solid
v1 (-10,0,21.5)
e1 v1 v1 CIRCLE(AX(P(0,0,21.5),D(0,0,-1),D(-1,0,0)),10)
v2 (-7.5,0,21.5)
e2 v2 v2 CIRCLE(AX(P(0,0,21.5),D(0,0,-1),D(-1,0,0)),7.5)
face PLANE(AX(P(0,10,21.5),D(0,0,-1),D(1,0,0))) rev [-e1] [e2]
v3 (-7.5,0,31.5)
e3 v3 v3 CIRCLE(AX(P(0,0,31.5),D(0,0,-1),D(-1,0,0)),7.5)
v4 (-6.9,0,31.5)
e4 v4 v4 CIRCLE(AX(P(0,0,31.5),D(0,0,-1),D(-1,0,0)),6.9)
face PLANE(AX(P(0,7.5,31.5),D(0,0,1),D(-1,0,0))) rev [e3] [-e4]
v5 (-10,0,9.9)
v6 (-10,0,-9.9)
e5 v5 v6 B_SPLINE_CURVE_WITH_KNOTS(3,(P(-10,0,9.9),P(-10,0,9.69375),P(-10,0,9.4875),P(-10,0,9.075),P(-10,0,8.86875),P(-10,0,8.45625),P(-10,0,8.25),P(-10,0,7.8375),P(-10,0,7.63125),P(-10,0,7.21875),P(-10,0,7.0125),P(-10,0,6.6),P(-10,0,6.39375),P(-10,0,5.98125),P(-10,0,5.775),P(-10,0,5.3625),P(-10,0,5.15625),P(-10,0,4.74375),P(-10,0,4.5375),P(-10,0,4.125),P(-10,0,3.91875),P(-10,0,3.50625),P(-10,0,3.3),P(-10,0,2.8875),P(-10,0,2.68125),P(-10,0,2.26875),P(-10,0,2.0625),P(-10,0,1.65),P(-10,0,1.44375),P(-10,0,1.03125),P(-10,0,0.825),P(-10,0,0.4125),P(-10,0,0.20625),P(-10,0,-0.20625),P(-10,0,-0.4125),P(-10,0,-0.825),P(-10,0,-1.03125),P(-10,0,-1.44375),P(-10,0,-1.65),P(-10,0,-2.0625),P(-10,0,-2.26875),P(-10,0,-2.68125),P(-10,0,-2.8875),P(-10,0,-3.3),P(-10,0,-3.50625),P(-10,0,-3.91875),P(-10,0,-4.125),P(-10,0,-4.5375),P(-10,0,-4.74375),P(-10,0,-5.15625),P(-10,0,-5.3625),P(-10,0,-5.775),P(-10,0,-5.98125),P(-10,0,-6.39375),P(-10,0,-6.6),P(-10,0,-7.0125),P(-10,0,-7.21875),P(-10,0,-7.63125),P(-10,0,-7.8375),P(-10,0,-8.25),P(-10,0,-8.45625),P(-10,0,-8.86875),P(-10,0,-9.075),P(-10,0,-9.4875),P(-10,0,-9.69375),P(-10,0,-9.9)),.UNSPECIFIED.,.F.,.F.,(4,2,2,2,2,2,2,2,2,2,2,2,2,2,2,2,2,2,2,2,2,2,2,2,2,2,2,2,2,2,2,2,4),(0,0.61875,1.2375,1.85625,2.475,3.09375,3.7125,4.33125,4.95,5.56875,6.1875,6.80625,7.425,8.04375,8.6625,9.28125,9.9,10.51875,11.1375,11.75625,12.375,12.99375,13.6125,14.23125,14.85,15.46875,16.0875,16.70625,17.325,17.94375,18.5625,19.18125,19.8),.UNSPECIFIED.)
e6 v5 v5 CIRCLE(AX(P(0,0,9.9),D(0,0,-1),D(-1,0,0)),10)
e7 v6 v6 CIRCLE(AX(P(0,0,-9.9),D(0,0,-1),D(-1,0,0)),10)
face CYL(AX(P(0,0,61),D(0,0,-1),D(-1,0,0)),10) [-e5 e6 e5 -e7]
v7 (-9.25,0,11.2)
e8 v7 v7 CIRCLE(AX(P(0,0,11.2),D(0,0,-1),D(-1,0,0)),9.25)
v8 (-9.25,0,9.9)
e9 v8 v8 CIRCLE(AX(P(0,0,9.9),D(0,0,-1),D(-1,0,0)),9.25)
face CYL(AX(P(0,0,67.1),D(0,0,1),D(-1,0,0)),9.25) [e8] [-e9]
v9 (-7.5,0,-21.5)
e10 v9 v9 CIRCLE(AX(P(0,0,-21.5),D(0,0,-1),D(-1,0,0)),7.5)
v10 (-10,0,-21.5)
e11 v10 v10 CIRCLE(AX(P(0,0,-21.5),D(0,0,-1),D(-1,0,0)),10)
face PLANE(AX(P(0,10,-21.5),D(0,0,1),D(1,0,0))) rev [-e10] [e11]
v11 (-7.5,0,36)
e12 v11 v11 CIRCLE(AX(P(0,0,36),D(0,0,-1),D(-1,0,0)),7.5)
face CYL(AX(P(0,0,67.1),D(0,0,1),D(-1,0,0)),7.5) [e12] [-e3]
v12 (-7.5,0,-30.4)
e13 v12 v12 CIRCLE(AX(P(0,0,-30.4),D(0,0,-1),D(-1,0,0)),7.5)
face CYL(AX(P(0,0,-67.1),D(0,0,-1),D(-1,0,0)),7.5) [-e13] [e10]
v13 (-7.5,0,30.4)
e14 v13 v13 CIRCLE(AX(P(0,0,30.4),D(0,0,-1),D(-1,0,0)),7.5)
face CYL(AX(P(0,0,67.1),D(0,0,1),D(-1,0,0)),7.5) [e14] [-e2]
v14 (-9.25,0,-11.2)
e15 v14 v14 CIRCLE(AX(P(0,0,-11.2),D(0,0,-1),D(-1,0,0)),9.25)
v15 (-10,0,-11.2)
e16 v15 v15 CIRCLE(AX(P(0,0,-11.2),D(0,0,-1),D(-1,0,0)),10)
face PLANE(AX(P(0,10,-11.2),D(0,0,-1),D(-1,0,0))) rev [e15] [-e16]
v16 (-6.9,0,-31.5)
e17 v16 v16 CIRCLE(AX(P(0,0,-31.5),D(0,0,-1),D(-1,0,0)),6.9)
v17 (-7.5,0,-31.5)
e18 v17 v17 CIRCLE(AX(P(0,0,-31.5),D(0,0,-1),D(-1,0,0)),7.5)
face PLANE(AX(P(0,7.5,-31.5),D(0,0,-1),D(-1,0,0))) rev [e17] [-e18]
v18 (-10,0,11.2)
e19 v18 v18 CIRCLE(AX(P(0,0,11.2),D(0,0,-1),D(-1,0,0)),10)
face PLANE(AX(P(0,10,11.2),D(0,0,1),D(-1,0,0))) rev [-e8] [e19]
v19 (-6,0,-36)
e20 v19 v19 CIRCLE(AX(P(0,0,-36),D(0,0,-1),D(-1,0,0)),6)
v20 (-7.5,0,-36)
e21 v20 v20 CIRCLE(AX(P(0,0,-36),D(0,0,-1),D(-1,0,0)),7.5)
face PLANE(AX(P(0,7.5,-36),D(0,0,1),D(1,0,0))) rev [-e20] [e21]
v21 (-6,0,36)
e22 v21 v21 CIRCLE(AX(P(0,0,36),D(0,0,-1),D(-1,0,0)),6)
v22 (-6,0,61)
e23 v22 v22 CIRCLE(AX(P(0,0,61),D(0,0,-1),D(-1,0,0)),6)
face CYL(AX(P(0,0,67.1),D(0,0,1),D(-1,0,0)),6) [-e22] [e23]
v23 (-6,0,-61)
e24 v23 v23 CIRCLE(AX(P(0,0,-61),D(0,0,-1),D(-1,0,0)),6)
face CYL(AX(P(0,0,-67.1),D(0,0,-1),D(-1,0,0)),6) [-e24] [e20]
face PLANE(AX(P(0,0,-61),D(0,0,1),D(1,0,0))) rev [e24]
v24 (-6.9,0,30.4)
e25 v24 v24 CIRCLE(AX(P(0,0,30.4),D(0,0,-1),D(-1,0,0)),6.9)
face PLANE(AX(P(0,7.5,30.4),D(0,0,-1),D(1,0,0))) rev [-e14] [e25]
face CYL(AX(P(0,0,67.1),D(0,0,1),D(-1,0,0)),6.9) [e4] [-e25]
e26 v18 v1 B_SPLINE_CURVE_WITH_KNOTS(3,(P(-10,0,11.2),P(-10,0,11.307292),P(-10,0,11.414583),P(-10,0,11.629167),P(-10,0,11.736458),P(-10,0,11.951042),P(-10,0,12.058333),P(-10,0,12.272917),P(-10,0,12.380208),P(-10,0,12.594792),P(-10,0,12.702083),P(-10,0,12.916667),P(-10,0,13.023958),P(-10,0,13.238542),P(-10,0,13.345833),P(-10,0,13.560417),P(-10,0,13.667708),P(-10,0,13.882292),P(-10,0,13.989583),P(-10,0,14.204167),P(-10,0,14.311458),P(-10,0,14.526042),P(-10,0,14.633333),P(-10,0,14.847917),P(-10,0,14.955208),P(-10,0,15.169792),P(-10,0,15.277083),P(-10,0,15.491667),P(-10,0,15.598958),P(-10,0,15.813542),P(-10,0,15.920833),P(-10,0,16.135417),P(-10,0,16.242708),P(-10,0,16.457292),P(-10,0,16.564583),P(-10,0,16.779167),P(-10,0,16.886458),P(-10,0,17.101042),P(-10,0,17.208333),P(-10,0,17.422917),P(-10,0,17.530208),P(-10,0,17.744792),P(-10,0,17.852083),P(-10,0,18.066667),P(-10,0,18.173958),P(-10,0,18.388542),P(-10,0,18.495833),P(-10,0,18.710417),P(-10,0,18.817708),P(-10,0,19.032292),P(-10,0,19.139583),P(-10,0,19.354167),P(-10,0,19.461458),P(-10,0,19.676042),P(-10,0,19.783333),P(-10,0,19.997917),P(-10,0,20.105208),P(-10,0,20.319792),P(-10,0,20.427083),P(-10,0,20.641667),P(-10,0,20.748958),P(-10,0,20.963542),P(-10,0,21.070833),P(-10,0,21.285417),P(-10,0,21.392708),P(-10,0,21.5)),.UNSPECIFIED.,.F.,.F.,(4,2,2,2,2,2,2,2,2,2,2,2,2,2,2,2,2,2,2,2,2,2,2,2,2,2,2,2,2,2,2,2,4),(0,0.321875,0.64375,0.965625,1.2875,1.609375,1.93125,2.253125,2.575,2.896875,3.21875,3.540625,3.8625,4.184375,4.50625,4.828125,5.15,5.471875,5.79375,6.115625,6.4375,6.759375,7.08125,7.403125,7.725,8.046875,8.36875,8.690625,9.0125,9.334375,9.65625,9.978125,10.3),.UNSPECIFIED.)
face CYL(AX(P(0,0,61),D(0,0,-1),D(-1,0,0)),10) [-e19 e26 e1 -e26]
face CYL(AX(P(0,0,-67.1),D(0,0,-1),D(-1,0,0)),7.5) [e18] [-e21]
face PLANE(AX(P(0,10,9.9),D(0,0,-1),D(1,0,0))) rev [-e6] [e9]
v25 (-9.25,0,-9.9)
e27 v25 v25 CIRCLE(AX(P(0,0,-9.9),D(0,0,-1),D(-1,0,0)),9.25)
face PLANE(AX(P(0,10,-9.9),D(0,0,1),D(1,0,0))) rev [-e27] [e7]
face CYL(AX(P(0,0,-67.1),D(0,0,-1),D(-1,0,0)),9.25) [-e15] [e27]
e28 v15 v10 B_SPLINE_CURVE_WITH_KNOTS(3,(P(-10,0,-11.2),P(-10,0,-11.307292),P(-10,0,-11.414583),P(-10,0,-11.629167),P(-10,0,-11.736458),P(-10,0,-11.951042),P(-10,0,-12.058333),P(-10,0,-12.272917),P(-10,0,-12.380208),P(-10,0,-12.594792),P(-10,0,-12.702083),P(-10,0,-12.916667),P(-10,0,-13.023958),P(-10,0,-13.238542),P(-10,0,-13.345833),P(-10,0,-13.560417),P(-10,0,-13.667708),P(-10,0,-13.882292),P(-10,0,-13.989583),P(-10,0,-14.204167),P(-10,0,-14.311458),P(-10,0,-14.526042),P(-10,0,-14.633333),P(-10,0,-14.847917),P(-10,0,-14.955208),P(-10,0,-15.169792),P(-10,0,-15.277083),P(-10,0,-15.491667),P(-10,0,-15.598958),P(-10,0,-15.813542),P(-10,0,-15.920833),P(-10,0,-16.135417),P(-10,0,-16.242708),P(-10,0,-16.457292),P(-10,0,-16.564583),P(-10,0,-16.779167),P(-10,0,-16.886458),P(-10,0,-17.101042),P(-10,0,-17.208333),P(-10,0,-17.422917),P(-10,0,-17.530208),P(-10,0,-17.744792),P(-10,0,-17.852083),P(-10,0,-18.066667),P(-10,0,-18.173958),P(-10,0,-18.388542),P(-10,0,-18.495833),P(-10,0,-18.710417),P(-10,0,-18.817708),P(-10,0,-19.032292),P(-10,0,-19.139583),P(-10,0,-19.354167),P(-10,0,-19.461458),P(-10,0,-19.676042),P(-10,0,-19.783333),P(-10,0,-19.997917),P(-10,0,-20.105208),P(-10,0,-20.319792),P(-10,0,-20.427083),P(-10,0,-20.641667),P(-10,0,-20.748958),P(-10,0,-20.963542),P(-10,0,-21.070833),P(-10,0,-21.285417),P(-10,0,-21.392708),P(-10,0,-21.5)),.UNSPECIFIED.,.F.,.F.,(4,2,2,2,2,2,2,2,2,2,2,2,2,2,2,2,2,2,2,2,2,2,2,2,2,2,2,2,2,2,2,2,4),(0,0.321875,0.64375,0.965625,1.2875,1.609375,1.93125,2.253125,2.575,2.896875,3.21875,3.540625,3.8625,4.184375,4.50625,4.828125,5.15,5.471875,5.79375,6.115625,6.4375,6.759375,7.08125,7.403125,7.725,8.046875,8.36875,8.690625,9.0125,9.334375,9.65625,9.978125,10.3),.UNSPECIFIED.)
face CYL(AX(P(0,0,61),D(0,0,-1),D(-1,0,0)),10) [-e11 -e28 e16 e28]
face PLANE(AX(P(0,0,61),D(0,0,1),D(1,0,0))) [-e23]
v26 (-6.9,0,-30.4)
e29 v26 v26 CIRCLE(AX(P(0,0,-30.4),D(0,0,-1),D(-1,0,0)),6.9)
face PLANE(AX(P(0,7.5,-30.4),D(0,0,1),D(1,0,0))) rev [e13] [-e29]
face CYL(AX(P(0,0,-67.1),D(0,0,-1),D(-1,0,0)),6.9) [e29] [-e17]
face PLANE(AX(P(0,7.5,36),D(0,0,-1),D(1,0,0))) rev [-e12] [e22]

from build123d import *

# Parameters (mm, degrees)
SKETCH1_R           = 10
BOSS_EXTRUDE1_DEPTH = 61
SKETCH2_W           = 39.5
SKETCH2_H           = 2.5
SKETCH3_W           = 25
SKETCH3_H           = 1.5
SKETCH4_W           = 1.1
SKETCH4_H           = 0.6
SKETCH5_W           = 1.3
SKETCH5_H           = 0.75


with BuildPart() as part:
    # Sketch1 → Boss-Extrude1 (new, symmetric)
    with BuildSketch(Plane.XY):
        with Locations(Location((0, 0, 0), (0, 0, 180))):
            Circle(SKETCH1_R)
    extrude(amount=BOSS_EXTRUDE1_DEPTH, both=True)

    # Sketch2 → Cut-Revolve1 (revolve, cut)
    with BuildSketch(Plane(origin=(0, 0, 0), x_dir=(0, 0, -1), z_dir=(1, 0, 0)), mode=Mode.PRIVATE) as cut_revolve1_sk:
        with Locations((41.25, 8.75)):
            Rectangle(SKETCH2_W, SKETCH2_H)
    cut_revolve1 = revolve(cut_revolve1_sk.sketch.rotate(Axis((0, 0, -67.1), (0, 0, 1)), 90), axis=Axis((0, 0, -67.1), (0, 0, 1)), mode=Mode.SUBTRACT)

    # Mirror1: Cut-Revolve1 across plane
    add(cut_revolve1.mirror(Plane.XY), mode=Mode.SUBTRACT)

    # Sketch3 → Cut-Revolve2 (revolve, cut)
    with BuildSketch(Plane(origin=(0, 0, 0), x_dir=(0, 0, -1), z_dir=(1, 0, 0)), mode=Mode.PRIVATE) as cut_revolve2_sk:
        with Locations((48.5, 6.75)):
            Rectangle(SKETCH3_W, SKETCH3_H)
    cut_revolve2 = revolve(cut_revolve2_sk.sketch.rotate(Axis((0, 0, -67.1), (0, 0, 1)), 90), axis=Axis((0, 0, -67.1), (0, 0, 1)), mode=Mode.SUBTRACT)

    # Mirror2: Cut-Revolve2 across plane
    add(cut_revolve2.mirror(Plane.XY), mode=Mode.SUBTRACT)

    # Sketch4 → Cut-Revolve3 (revolve, cut)
    with BuildSketch(Plane(origin=(0, 0, 0), x_dir=(0, 0, -1), z_dir=(1, 0, 0)), mode=Mode.PRIVATE) as cut_revolve3_sk:
        with Locations((30.95, 7.2)):
            Rectangle(SKETCH4_W, SKETCH4_H)
    cut_revolve3 = revolve(cut_revolve3_sk.sketch.rotate(Axis((0, 0, -67.1), (0, 0, 1)), 90), axis=Axis((0, 0, -67.1), (0, 0, 1)), mode=Mode.SUBTRACT)

    # Mirror3: Cut-Revolve3 across plane
    add(cut_revolve3.mirror(Plane.XY), mode=Mode.SUBTRACT)

    # Sketch5 → Cut-Revolve4 (revolve, cut)
    with BuildSketch(Plane(origin=(0, 0, 0), x_dir=(0, 0, -1), z_dir=(1, 0, 0)), mode=Mode.PRIVATE) as cut_revolve4_sk:
        with Locations((10.55, 9.625)):
            Rectangle(SKETCH5_W, SKETCH5_H)
    cut_revolve4 = revolve(cut_revolve4_sk.sketch.rotate(Axis((0, 0, -67.1), (0, 0, 1)), 90), axis=Axis((0, 0, -67.1), (0, 0, 1)), mode=Mode.SUBTRACT)

    # Mirror4: Cut-Revolve4 across plane
    add(cut_revolve4.mirror(Plane.XY), mode=Mode.SUBTRACT)


solid = part.part
